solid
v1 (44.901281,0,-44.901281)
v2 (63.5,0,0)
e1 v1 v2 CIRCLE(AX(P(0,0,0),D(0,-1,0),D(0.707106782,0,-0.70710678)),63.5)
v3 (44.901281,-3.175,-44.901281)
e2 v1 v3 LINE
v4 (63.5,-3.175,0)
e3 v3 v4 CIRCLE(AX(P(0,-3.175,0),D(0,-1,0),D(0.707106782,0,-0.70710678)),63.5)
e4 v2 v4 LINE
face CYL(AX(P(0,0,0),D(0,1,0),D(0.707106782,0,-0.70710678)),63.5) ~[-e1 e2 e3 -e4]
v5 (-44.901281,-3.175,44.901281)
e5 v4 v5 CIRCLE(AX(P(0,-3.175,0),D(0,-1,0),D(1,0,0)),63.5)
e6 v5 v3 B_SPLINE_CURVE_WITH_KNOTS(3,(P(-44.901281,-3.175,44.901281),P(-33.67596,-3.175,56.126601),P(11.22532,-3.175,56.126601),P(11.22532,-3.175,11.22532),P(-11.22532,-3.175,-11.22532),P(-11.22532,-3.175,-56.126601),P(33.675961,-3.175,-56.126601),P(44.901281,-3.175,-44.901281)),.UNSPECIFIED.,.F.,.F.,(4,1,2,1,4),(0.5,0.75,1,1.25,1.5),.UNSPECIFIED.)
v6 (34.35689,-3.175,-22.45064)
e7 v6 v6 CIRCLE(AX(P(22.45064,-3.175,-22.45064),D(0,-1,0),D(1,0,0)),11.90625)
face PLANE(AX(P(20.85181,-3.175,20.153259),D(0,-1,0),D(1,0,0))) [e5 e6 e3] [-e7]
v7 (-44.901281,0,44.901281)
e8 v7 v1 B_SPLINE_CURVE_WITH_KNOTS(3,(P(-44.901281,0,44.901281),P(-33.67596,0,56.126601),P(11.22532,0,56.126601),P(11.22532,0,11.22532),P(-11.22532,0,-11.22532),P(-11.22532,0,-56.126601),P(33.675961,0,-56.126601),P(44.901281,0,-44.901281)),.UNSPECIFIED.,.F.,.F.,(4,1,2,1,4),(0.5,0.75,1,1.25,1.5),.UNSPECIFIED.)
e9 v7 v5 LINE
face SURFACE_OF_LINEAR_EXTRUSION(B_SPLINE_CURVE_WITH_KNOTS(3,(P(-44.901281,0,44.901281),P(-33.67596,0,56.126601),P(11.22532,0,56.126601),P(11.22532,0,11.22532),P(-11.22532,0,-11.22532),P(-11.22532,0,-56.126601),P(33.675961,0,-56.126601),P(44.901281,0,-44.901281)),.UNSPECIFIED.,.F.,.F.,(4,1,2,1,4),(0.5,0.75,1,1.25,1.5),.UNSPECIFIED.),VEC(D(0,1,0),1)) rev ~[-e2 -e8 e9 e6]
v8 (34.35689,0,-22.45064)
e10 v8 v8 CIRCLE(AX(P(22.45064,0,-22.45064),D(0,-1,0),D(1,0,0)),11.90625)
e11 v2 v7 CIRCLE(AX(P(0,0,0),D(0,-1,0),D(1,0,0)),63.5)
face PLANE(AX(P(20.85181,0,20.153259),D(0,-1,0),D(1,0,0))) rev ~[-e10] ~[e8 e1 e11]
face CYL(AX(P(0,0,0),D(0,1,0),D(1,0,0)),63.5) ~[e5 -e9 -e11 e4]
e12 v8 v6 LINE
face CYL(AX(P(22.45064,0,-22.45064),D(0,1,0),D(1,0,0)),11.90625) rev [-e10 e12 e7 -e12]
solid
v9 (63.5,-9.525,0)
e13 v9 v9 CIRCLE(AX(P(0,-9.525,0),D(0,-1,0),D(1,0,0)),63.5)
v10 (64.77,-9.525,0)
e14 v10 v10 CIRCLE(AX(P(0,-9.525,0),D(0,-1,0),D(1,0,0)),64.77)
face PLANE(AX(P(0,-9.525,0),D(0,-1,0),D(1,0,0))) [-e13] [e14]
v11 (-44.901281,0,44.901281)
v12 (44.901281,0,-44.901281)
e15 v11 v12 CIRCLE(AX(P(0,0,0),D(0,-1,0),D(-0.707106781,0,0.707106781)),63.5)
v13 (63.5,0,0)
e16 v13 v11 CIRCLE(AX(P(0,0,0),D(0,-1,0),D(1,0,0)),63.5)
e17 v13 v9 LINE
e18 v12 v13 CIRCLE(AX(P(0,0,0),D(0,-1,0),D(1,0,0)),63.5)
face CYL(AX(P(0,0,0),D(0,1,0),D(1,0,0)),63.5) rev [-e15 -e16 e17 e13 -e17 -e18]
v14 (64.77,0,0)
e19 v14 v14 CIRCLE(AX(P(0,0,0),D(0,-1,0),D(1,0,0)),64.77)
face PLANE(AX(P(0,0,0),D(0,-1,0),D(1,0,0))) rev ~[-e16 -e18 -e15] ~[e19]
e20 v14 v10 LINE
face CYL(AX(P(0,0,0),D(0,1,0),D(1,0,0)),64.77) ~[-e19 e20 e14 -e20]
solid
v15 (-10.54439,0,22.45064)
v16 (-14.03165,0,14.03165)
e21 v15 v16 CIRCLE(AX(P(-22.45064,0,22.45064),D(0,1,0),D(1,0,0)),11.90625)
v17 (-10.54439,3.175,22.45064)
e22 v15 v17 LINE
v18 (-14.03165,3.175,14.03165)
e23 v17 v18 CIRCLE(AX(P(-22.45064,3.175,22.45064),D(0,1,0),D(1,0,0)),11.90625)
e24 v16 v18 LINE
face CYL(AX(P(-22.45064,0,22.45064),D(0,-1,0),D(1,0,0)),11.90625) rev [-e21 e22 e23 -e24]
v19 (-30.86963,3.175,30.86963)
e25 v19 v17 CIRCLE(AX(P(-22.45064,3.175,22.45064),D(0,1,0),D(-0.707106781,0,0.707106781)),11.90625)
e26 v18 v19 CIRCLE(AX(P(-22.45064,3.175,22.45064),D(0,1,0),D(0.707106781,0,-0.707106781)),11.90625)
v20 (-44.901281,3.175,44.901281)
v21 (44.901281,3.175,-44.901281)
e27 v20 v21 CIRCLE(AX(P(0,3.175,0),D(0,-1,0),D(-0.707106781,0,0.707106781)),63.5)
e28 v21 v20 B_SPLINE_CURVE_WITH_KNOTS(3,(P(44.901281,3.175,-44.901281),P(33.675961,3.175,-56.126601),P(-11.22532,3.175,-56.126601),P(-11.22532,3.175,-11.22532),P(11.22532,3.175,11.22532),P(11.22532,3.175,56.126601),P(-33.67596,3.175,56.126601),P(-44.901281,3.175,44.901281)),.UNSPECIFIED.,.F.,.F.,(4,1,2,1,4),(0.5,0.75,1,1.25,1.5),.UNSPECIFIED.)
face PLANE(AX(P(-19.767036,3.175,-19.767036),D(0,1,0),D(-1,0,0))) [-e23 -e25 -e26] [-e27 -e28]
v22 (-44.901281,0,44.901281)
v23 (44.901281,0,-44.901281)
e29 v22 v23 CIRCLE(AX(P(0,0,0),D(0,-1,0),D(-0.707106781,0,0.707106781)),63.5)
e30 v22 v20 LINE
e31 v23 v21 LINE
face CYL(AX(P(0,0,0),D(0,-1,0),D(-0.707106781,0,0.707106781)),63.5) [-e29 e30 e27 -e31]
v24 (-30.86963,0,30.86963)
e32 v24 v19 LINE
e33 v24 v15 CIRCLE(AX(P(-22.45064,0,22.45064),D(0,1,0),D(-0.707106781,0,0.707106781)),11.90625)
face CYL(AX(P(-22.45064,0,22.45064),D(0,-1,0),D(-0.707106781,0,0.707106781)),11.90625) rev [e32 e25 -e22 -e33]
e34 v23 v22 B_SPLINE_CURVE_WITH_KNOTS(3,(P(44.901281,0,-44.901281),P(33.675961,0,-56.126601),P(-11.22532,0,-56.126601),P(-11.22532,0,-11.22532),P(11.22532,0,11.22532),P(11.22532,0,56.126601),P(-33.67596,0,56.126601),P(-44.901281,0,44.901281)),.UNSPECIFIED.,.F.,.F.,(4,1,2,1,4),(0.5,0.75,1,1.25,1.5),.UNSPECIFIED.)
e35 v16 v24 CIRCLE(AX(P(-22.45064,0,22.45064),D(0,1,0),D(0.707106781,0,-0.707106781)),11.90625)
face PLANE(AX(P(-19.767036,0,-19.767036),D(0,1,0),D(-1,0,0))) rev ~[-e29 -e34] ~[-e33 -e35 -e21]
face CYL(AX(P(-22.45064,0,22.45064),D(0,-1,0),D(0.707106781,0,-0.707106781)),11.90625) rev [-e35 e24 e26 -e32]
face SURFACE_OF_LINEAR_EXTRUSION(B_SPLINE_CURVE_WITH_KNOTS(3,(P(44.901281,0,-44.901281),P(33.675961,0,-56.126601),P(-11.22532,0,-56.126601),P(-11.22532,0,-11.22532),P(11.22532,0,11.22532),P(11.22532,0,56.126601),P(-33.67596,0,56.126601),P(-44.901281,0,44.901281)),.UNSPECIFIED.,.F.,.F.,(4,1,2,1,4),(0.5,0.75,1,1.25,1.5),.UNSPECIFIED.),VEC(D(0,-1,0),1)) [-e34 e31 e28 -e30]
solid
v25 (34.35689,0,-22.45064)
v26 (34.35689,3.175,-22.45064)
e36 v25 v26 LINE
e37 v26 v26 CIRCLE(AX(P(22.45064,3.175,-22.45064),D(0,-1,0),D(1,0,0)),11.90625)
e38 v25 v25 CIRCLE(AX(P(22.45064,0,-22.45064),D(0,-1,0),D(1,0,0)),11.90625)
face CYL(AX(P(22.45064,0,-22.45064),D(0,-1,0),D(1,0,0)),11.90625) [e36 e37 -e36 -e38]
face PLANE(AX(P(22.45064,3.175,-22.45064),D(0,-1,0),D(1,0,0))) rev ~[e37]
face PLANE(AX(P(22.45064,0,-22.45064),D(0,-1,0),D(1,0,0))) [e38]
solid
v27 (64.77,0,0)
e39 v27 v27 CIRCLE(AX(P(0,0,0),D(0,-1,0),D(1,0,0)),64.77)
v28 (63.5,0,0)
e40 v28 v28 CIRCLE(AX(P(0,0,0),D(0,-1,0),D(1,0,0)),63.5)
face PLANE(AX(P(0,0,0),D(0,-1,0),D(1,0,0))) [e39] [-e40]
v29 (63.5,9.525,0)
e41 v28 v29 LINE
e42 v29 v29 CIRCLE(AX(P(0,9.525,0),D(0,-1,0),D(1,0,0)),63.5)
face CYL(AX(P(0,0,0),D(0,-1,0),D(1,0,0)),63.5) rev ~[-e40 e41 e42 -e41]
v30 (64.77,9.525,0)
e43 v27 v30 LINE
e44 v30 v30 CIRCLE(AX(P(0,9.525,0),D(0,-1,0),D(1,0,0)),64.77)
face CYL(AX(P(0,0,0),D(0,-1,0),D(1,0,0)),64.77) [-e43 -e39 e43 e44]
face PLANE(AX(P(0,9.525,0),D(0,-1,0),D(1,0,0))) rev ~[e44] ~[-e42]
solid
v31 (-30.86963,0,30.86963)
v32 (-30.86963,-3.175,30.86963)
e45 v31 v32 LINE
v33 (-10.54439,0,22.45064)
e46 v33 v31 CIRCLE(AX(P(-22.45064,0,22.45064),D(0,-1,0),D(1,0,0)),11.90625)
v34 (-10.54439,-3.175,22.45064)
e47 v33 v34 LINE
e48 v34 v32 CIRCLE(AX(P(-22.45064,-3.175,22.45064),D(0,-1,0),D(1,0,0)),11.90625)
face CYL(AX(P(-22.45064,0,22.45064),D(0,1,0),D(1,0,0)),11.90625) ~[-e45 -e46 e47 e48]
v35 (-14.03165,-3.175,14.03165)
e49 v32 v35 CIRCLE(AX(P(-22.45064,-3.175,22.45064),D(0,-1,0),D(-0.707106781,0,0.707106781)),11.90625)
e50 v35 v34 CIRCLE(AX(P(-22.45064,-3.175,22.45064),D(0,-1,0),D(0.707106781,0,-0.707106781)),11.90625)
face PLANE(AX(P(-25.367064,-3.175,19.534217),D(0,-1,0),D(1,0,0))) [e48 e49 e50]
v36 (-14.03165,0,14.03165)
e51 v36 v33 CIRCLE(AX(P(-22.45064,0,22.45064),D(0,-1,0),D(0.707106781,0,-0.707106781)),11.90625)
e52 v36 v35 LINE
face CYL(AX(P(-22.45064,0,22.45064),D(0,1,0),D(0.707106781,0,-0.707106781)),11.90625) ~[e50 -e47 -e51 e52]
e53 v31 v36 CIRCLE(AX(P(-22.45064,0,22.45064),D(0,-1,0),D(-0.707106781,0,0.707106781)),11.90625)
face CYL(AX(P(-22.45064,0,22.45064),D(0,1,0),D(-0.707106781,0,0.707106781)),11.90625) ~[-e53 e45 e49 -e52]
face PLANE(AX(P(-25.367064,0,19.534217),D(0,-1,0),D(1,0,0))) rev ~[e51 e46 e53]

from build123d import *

# Parameters (mm, degrees)
F1_DEPTH = 3.175
F0_R     = 11.90625
F2_R     = 64.77
F2_R_2   = 63.5
F3_DEPTH = 9.525
F4_DEPTH = 3.175
F5_DEPTH = 9.525


with BuildPart() as f1:
    # F0 (on Front) → F1 (new body)
    with BuildSketch(Plane.XZ):
        with BuildLine():
            add(Edge.make_bspline(
                [(-44.9012806053, 44.9012806053), (-56.1266007567, 33.675960454), (-56.1266007567, -11.2253201513), (-11.2253201513, -11.2253201513), (0, 0)],
                knots=[0, 0, 0, 0, 0.25, 0.5, 0.5, 0.5, 0.5], degree=3))
            ThreePointArc((-44.9012806053, 44.9012806053), (-44.9012805685, -44.9012806421), (44.9012806789, -44.9012805317))
            add(Edge.make_bspline(
                [(44.9012806544, -44.9012805563), (33.6759605031, -56.1266007567), (-11.2253201513, -56.1266007567), (-11.2253201513, -11.2253201513), (0, 0)],
                knots=[0.5, 0.5, 0.5, 0.5, 0.75, 1, 1, 1, 1], degree=3))
        make_face()
        with BuildLine():
            Line((-30.8696304162, 30.8696304162), (-44.9012806053, 44.9012806053))
            add(Edge.make_bspline(
                [(-44.9012806053, 44.9012806053), (-56.1266007567, 33.675960454), (-56.1266007567, -11.2253201513), (-11.2253201513, -11.2253201513), (0, 0)],
                knots=[0, 0, 0, 0, 0.25, 0.5, 0.5, 0.5, 0.5], degree=3))
            Line((0, 0), (-14.0316501892, 14.0316501892))
            ThreePointArc((-14.0316501892, 14.0316501892), (-30.8696304162, 14.0316501892), (-30.8696304162, 30.8696304162))
        make_face()
        with BuildLine():
            add(Edge.make_bspline(
                [(0, 0), (11.2253201513, 11.2253201513), (11.2253201513, 56.1266007567), (-33.675960454, 56.1266007567), (-44.9012806053, 44.9012806053)],
                knots=[0.5, 0.5, 0.5, 0.5, 0.75, 1, 1, 1, 1], degree=3))
            Line((-44.9012806053, 44.9012806053), (-30.8696304162, 30.8696304162))
            ThreePointArc((-30.8696304162, 30.8696304162), (-17.8943156861, 33.4505809866), (-10.5443903027, 22.4506403027))
            ThreePointArc((-10.5443903027, 22.4506403027), (-11.4506996187, 17.8943156861), (-14.0316501892, 14.0316501892))
            Line((-14.0316501892, 14.0316501892), (0, 0))
        make_face()
    extrude(amount=-F1_DEPTH)

    # F2 (on Front) → F3 (join)
    with BuildSketch(Plane.XZ):
        Circle(F2_R)
        Circle(F2_R_2, mode=Mode.SUBTRACT)
    extrude(amount=F3_DEPTH)


with BuildPart() as f1b:
    # F0 (on Front) → F1, piece 2 (new body)
    with BuildSketch(Plane.XZ):
        with Locations((22.4506403027, -22.4506403027)):
            Circle(F0_R)
    extrude(amount=-F1_DEPTH)


with BuildPart() as f4:
    # F0 (on Front) → F4 (new body)
    with BuildSketch(Plane.XZ):
        with BuildLine():
            ThreePointArc((44.9012806789, -44.9012805317), (58.6663503344, -24.3003979071), (63.5, 0))
            ThreePointArc((63.5, 0), (24.3003979552, 58.6663503145), (-44.9012806053, 44.9012806053))
            add(Edge.make_bspline(
                [(0, 0), (11.2253201513, 11.2253201513), (11.2253201513, 56.1266007567), (-33.675960454, 56.1266007567), (-44.9012806053, 44.9012806053)],
                knots=[0.5, 0.5, 0.5, 0.5, 0.75, 1, 1, 1, 1], degree=3))
            add(Edge.make_bspline(
                [(0, 0), (11.2253201513, 11.2253201513), (56.1266007567, 11.2253201513), (56.1266007567, -33.6759604049), (44.9012806544, -44.9012805563)],
                knots=[0, 0, 0, 0, 0.25, 0.5, 0.5, 0.5, 0.5], degree=3))
        make_face()
        with BuildLine():
            add(Edge.make_bspline(
                [(44.9012806544, -44.9012805563), (33.6759605031, -56.1266007567), (-11.2253201513, -56.1266007567), (-11.2253201513, -11.2253201513), (0, 0)],
                knots=[0.5, 0.5, 0.5, 0.5, 0.75, 1, 1, 1, 1], degree=3))
            add(Edge.make_bspline(
                [(0, 0), (11.2253201513, 11.2253201513), (56.1266007567, 11.2253201513), (56.1266007567, -33.6759604049), (44.9012806544, -44.9012805563)],
                knots=[0, 0, 0, 0, 0.25, 0.5, 0.5, 0.5, 0.5], degree=3))
        make_face()
        with Locations((22.4506403027, -22.4506403027)):
            Circle(F0_R, mode=Mode.SUBTRACT)
    extrude(amount=F4_DEPTH)


with BuildPart() as f4b:
    # F0 (on Front) → F4, piece 2 (new body)
    with BuildSketch(Plane.XZ):
        with BuildLine():
            Line((-22.4506403027, 22.4506403027), (-30.8696304162, 30.8696304162))
            ThreePointArc((-30.8696304162, 30.8696304162), (-30.8696304162, 14.0316501892), (-14.0316501892, 14.0316501892))
            Line((-14.0316501892, 14.0316501892), (-22.4506403027, 22.4506403027))
        make_face()
        with BuildLine():
            ThreePointArc((-10.5443903027, 22.4506403027), (-17.8943156861, 33.4505809866), (-30.8696304162, 30.8696304162))
            Line((-30.8696304162, 30.8696304162), (-22.4506403027, 22.4506403027))
            Line((-22.4506403027, 22.4506403027), (-14.0316501892, 14.0316501892))
            ThreePointArc((-14.0316501892, 14.0316501892), (-11.4506996187, 17.8943156861), (-10.5443903027, 22.4506403027))
        make_face()
    extrude(amount=F4_DEPTH)


with BuildPart() as f5:
    # F2 (on Front) → F5 (new body)
    with BuildSketch(Plane.XZ):
        Circle(F2_R)
        Circle(F2_R_2, mode=Mode.SUBTRACT)
    extrude(amount=-F5_DEPTH)


solid = Compound([f1.part, f1b.part, f4.part, f4b.part, f5.part])
